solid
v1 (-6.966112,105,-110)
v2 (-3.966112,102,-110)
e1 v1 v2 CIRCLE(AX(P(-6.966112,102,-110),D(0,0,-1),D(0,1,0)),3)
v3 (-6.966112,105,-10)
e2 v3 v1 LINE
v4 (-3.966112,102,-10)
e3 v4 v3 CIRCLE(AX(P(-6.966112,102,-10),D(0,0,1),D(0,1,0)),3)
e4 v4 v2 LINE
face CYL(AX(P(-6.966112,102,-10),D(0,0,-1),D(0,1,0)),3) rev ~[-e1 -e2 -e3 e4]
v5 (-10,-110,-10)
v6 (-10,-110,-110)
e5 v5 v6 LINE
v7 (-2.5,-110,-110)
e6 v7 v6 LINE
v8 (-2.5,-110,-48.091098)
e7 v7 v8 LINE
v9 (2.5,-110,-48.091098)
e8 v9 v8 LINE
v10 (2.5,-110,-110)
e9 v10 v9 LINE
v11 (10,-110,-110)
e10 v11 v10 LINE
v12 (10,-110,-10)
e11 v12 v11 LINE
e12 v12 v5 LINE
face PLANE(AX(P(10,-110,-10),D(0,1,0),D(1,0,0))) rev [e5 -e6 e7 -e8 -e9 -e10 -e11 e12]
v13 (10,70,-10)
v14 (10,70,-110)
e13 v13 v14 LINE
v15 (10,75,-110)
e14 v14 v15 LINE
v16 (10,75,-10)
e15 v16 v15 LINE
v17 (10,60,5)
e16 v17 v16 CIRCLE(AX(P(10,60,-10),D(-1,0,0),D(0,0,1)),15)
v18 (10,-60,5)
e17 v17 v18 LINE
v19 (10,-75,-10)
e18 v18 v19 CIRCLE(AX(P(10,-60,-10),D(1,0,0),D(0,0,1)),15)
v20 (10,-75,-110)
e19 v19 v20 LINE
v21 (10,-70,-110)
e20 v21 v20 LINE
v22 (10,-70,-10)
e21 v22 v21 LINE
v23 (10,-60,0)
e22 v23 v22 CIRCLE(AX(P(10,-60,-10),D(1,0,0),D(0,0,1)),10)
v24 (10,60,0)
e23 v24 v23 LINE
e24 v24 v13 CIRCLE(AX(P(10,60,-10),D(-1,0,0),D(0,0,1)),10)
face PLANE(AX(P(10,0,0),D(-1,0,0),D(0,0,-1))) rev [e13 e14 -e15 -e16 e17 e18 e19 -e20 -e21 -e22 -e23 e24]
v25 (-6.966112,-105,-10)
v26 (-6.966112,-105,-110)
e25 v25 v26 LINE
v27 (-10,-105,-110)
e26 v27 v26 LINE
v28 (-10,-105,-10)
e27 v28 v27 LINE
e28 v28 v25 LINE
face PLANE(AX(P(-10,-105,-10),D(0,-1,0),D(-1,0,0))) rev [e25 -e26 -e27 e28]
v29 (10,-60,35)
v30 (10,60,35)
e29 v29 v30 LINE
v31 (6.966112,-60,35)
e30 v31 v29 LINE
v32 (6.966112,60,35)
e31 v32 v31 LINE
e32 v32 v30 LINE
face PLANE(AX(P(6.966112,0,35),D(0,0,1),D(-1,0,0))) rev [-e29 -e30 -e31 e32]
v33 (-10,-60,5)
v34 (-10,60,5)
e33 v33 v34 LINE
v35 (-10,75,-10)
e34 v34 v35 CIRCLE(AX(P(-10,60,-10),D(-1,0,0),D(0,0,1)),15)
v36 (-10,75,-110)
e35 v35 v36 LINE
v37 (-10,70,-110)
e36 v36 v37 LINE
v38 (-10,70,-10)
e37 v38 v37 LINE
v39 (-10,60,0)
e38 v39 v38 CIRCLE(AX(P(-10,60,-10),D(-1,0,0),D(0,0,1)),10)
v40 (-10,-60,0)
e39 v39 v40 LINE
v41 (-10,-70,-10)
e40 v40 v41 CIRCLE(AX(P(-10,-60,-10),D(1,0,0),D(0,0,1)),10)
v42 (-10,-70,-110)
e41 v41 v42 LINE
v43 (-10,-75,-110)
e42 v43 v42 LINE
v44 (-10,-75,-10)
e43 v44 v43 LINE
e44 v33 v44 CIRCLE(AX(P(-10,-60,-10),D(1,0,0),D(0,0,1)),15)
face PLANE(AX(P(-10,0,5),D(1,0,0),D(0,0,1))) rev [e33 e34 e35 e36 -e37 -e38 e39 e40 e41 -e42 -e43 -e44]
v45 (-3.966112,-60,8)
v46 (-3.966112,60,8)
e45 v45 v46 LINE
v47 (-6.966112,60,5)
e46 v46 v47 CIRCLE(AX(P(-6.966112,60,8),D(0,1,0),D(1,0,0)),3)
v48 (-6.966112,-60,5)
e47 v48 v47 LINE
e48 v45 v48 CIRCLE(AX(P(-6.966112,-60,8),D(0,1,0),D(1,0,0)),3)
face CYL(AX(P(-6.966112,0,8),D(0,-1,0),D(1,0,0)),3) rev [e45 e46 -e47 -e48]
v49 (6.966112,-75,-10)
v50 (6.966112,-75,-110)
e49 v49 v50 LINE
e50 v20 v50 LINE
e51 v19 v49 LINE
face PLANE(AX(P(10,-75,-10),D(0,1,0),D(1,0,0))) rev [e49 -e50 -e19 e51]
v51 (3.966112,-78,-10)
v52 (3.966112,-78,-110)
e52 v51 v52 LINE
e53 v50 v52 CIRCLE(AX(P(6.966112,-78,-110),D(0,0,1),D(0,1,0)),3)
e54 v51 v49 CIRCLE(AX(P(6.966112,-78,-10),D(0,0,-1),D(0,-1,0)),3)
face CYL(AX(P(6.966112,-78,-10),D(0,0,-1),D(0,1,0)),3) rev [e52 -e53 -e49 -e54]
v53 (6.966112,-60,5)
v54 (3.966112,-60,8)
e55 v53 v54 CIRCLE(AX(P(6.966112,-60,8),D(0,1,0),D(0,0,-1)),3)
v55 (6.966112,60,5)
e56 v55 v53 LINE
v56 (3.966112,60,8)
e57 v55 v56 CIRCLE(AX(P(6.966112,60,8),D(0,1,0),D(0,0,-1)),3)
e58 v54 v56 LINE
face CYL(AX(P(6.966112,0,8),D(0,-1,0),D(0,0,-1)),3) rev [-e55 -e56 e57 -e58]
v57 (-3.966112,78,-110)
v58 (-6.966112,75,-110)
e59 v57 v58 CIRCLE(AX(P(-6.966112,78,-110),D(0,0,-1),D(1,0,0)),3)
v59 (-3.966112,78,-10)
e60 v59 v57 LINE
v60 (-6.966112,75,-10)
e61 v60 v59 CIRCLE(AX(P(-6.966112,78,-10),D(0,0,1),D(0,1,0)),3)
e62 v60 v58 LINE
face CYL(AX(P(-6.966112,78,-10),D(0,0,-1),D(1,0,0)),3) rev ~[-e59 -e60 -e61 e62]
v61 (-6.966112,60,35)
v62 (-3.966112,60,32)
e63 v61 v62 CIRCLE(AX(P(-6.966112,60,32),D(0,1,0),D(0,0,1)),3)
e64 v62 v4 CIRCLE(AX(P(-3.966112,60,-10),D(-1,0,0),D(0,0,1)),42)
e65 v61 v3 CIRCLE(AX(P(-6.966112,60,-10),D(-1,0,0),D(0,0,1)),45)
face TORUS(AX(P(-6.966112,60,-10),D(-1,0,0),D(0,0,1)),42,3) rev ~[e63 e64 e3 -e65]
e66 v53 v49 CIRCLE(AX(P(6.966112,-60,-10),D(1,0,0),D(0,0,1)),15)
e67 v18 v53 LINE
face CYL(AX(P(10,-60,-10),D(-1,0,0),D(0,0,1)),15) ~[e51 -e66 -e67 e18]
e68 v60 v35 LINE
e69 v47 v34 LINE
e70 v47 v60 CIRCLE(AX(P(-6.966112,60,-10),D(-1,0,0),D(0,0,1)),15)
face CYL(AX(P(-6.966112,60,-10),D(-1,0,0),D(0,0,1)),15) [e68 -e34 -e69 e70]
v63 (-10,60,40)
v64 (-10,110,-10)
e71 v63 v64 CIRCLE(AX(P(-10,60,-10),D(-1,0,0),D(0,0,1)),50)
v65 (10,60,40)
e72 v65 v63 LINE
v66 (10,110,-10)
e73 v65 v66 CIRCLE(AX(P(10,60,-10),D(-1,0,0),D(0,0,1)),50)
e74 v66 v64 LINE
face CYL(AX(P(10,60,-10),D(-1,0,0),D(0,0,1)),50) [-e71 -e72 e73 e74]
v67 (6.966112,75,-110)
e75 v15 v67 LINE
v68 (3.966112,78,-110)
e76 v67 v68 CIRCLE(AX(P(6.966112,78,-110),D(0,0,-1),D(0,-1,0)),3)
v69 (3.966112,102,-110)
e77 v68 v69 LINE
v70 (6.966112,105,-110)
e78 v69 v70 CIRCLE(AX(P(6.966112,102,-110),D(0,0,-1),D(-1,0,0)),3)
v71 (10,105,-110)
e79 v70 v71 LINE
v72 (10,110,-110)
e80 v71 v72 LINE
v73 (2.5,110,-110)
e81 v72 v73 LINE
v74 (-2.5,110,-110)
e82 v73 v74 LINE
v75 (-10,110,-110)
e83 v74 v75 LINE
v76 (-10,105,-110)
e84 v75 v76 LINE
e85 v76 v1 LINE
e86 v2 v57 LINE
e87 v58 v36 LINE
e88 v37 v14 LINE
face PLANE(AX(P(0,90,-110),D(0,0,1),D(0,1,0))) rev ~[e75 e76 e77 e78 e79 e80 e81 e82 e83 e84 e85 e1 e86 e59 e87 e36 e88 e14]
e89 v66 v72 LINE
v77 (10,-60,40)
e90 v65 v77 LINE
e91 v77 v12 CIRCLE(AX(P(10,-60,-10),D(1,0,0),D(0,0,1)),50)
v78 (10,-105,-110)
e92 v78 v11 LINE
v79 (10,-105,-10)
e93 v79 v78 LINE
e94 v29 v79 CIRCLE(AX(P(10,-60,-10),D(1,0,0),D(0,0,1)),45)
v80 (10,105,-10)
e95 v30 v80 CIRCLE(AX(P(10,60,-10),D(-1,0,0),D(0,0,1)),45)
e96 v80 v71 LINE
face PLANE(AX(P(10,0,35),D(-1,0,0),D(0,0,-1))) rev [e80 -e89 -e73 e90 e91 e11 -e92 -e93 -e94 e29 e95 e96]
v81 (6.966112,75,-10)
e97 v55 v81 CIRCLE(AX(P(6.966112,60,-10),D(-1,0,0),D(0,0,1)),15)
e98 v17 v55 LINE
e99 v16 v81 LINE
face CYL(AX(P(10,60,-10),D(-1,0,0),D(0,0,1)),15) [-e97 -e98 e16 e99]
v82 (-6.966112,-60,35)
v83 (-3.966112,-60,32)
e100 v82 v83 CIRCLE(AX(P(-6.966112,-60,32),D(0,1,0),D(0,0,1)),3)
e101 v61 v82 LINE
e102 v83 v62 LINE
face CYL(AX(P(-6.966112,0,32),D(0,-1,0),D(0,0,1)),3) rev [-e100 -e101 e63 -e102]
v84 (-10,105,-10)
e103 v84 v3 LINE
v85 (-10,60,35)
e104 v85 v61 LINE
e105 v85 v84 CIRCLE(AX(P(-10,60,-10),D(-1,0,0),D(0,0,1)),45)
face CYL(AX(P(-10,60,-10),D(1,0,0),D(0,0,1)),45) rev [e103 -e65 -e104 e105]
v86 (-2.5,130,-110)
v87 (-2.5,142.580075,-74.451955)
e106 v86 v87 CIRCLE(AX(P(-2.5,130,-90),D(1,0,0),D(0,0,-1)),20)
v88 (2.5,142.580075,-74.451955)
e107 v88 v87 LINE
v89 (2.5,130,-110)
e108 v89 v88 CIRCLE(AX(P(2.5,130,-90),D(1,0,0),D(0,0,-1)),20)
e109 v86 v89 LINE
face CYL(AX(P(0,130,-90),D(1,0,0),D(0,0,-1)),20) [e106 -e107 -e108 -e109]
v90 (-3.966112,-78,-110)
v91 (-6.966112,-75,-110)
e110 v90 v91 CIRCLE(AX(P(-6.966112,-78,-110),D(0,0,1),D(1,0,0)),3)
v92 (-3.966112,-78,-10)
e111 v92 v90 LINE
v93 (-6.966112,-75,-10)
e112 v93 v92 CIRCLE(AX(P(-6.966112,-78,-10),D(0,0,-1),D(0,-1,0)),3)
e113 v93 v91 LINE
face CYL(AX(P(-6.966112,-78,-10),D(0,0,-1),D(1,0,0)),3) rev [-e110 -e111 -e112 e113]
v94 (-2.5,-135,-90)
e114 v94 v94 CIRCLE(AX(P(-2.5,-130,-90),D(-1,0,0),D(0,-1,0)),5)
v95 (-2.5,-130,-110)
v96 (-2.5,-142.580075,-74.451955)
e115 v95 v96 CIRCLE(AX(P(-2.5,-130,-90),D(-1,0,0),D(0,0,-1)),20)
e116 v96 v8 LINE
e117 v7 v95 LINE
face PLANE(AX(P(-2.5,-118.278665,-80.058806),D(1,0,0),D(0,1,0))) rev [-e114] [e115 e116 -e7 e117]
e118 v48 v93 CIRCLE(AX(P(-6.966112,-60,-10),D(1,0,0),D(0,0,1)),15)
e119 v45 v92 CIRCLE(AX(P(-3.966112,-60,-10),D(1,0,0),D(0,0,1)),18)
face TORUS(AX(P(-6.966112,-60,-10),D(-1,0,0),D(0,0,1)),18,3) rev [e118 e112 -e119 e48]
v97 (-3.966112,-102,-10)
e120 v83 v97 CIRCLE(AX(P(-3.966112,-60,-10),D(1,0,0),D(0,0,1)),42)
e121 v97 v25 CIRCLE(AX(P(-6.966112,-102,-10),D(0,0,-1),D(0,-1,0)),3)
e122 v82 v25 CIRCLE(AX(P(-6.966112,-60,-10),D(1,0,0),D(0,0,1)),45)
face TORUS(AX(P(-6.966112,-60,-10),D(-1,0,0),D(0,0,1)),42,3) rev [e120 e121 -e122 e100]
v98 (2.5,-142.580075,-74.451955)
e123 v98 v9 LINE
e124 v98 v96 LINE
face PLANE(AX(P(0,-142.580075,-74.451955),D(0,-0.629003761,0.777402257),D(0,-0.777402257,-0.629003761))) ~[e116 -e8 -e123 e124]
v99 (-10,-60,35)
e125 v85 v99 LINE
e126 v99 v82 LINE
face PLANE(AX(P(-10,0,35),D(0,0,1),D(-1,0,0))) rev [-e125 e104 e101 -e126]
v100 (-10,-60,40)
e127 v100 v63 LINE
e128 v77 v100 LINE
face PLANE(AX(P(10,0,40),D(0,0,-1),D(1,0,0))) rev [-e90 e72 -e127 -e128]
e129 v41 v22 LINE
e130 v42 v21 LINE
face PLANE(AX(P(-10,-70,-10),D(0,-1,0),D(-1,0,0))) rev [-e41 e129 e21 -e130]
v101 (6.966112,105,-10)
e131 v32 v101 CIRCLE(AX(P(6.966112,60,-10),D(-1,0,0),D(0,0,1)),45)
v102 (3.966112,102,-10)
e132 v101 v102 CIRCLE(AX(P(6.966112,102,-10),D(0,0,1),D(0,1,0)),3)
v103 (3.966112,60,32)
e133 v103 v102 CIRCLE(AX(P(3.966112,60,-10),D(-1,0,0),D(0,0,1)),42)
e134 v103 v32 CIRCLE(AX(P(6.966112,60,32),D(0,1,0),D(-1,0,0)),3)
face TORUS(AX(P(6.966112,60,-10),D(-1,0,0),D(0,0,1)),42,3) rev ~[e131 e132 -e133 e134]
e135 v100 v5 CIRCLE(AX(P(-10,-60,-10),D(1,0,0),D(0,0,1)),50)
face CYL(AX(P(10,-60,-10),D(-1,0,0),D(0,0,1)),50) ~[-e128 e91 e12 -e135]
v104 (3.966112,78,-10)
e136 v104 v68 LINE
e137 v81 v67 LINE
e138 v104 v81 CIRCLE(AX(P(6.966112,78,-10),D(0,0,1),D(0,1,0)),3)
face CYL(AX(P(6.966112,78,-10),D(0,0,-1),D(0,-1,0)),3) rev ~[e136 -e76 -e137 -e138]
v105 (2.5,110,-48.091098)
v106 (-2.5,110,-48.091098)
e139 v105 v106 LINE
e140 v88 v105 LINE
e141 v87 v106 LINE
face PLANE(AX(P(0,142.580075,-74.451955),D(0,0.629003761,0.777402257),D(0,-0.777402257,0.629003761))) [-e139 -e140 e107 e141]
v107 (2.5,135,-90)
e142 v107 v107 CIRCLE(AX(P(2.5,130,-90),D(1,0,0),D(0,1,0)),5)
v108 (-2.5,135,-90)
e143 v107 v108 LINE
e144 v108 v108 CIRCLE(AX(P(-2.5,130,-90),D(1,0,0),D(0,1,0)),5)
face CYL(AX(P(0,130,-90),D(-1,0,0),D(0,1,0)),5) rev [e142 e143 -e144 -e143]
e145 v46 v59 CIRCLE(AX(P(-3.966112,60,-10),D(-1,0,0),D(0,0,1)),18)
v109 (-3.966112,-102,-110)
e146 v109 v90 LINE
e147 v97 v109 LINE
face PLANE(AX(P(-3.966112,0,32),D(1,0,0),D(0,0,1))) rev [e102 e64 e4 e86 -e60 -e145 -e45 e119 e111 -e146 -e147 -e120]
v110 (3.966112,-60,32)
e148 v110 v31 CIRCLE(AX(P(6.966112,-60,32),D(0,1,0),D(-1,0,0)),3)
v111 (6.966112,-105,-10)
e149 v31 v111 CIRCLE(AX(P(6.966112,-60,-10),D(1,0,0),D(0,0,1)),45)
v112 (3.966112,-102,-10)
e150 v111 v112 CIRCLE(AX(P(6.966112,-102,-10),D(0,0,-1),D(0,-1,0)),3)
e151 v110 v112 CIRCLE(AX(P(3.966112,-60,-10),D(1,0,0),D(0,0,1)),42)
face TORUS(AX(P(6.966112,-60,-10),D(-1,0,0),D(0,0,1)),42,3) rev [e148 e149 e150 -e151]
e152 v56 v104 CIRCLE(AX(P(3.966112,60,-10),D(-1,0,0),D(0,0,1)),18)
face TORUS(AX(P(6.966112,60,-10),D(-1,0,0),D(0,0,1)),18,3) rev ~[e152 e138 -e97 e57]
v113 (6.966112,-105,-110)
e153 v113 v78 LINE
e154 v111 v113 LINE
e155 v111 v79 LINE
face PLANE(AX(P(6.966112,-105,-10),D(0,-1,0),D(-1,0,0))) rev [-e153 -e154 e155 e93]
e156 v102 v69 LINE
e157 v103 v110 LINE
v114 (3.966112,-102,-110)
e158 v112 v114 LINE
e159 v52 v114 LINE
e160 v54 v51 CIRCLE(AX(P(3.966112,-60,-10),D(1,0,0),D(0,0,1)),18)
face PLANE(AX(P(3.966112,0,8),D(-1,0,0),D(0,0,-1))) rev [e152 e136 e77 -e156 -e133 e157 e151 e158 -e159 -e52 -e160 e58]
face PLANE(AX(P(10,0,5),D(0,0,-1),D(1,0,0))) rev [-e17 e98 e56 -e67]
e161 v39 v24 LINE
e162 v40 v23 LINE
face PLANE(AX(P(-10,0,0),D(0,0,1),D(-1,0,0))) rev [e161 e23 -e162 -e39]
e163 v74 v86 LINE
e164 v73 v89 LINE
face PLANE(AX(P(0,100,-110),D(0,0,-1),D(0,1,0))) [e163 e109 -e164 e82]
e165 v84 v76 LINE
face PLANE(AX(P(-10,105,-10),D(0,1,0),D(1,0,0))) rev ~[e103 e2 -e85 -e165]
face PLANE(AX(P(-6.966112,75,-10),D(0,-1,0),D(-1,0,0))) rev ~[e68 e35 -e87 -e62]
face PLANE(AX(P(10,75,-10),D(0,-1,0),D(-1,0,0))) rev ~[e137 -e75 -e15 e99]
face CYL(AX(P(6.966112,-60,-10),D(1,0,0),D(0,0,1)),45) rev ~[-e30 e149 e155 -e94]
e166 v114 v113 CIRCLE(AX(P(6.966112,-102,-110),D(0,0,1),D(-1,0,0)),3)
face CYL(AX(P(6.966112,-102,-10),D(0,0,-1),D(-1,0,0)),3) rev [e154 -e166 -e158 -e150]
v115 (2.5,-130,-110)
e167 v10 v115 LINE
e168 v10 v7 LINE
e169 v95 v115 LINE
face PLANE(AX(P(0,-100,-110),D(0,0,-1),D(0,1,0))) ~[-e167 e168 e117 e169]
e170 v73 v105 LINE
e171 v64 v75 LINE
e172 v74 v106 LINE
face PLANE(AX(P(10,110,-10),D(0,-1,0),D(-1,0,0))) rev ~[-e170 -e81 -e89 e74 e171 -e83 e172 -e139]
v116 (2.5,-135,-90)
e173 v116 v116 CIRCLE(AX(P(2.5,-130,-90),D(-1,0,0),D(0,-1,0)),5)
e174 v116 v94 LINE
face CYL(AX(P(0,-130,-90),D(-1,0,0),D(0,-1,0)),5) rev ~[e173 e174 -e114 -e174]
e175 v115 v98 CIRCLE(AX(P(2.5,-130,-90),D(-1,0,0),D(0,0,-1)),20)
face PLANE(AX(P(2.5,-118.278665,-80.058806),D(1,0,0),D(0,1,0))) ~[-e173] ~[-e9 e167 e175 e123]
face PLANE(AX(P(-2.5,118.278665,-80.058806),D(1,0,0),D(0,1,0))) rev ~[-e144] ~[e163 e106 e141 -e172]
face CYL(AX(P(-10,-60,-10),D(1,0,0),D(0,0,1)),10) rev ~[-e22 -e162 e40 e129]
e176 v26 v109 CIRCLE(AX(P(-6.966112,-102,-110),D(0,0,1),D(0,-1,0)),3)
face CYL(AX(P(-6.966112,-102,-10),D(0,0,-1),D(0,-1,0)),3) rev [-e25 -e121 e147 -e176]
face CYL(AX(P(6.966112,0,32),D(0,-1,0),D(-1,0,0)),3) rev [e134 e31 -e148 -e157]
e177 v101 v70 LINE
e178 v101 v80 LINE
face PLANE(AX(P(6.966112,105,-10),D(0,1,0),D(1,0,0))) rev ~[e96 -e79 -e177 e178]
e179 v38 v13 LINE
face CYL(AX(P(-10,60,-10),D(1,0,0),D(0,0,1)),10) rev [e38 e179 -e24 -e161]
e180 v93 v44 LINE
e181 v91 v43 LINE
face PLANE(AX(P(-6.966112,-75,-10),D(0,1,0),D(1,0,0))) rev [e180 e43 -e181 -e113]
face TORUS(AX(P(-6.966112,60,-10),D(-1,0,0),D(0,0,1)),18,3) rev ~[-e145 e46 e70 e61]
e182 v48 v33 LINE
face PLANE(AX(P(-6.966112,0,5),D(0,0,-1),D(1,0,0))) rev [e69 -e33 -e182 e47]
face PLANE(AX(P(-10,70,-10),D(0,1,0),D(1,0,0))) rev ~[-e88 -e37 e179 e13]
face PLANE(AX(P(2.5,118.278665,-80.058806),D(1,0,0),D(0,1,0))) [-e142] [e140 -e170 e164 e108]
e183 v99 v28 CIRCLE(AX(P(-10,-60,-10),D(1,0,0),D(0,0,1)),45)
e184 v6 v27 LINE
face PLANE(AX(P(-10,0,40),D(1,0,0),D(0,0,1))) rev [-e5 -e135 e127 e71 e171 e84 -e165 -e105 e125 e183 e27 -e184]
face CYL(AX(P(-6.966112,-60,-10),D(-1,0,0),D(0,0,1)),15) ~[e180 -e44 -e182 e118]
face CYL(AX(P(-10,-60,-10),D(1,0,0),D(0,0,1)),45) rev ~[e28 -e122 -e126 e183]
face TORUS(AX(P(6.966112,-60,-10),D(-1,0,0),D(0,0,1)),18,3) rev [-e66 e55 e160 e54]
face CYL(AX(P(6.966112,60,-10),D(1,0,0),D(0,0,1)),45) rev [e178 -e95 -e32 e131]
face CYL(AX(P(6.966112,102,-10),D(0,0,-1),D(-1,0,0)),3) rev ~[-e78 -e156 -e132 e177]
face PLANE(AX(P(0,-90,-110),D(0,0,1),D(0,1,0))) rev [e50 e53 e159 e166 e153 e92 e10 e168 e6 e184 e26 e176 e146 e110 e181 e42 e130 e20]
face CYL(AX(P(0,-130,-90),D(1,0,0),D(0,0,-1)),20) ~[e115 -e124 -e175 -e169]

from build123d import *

# Parameters (mm, degrees)
F4_R     = 5
F5_DEPTH = 2.5


with BuildPart() as f2:
    # F2: sweep along a path in F1
    with BuildLine(Plane.YZ) as f2_path:
        Line((0, 0), (60, 0))
        ThreePointArc((60, 0), (67.0710678119, -2.9289321881), (70, -10))
        Line((70, -10), (70, -110))
    # F0 (on Front) → F2 (sweep)
    with BuildSketch(Plane.XZ):
        with BuildLine():
            Line((-10, 5), (-10, 0))
            Line((-10, 0), (10, 0))
            Line((10, 0), (10, 5))
            Line((10, 5), (6.9661123479, 5))
            ThreePointArc((6.9661123479, 5), (4.8447920043, 5.8786796564), (3.9661123479, 8))
            Line((3.9661123479, 8), (3.9661123479, 32))
            ThreePointArc((3.9661123479, 32), (4.8447920043, 34.1213203436), (6.9661123479, 35))
            Line((6.9661123479, 35), (10, 35))
            Line((10, 35), (10, 40))
            Line((10, 40), (-10, 40))
            Line((-10, 40), (-10, 35))
            Line((-10, 35), (-6.9661123479, 35))
            ThreePointArc((-6.9661123479, 35), (-4.8447920043, 34.1213203436), (-3.9661123479, 32))
            Line((-3.9661123479, 32), (-3.9661123479, 8))
            ThreePointArc((-3.9661123479, 8), (-4.8447920043, 5.8786796564), (-6.9661123479, 5))
            Line((-6.9661123479, 5), (-10, 5))
        make_face()
    sweep(path=f2_path.line)

    # F3: F2 across plane


with BuildPart() as f2_1:
    add(f2.part)
    add(f2.part.mirror(Plane.XZ))

    # F4 (on Right) → F5 (join, symmetric)
    with BuildSketch(Plane.YZ):
        with BuildLine():
            Line((100, -40), (100, -110))
            Line((100, -110), (130, -110))
            ThreePointArc((130, -110), (148.8541892248, -96.6722971064), (142.5800752207, -74.4519548676))
            Line((142.5800752207, -74.4519548676), (100, -40))
        make_face()
        with Locations((130, -90)):
            Circle(F4_R, mode=Mode.SUBTRACT)
    extrude(amount=F5_DEPTH, both=True)

    # F6: F2 across plane


with BuildPart() as f2_2:
    add(f2_1.part)
    add(f2_1.part.mirror(Plane.XZ))


solid = f2_2.part
